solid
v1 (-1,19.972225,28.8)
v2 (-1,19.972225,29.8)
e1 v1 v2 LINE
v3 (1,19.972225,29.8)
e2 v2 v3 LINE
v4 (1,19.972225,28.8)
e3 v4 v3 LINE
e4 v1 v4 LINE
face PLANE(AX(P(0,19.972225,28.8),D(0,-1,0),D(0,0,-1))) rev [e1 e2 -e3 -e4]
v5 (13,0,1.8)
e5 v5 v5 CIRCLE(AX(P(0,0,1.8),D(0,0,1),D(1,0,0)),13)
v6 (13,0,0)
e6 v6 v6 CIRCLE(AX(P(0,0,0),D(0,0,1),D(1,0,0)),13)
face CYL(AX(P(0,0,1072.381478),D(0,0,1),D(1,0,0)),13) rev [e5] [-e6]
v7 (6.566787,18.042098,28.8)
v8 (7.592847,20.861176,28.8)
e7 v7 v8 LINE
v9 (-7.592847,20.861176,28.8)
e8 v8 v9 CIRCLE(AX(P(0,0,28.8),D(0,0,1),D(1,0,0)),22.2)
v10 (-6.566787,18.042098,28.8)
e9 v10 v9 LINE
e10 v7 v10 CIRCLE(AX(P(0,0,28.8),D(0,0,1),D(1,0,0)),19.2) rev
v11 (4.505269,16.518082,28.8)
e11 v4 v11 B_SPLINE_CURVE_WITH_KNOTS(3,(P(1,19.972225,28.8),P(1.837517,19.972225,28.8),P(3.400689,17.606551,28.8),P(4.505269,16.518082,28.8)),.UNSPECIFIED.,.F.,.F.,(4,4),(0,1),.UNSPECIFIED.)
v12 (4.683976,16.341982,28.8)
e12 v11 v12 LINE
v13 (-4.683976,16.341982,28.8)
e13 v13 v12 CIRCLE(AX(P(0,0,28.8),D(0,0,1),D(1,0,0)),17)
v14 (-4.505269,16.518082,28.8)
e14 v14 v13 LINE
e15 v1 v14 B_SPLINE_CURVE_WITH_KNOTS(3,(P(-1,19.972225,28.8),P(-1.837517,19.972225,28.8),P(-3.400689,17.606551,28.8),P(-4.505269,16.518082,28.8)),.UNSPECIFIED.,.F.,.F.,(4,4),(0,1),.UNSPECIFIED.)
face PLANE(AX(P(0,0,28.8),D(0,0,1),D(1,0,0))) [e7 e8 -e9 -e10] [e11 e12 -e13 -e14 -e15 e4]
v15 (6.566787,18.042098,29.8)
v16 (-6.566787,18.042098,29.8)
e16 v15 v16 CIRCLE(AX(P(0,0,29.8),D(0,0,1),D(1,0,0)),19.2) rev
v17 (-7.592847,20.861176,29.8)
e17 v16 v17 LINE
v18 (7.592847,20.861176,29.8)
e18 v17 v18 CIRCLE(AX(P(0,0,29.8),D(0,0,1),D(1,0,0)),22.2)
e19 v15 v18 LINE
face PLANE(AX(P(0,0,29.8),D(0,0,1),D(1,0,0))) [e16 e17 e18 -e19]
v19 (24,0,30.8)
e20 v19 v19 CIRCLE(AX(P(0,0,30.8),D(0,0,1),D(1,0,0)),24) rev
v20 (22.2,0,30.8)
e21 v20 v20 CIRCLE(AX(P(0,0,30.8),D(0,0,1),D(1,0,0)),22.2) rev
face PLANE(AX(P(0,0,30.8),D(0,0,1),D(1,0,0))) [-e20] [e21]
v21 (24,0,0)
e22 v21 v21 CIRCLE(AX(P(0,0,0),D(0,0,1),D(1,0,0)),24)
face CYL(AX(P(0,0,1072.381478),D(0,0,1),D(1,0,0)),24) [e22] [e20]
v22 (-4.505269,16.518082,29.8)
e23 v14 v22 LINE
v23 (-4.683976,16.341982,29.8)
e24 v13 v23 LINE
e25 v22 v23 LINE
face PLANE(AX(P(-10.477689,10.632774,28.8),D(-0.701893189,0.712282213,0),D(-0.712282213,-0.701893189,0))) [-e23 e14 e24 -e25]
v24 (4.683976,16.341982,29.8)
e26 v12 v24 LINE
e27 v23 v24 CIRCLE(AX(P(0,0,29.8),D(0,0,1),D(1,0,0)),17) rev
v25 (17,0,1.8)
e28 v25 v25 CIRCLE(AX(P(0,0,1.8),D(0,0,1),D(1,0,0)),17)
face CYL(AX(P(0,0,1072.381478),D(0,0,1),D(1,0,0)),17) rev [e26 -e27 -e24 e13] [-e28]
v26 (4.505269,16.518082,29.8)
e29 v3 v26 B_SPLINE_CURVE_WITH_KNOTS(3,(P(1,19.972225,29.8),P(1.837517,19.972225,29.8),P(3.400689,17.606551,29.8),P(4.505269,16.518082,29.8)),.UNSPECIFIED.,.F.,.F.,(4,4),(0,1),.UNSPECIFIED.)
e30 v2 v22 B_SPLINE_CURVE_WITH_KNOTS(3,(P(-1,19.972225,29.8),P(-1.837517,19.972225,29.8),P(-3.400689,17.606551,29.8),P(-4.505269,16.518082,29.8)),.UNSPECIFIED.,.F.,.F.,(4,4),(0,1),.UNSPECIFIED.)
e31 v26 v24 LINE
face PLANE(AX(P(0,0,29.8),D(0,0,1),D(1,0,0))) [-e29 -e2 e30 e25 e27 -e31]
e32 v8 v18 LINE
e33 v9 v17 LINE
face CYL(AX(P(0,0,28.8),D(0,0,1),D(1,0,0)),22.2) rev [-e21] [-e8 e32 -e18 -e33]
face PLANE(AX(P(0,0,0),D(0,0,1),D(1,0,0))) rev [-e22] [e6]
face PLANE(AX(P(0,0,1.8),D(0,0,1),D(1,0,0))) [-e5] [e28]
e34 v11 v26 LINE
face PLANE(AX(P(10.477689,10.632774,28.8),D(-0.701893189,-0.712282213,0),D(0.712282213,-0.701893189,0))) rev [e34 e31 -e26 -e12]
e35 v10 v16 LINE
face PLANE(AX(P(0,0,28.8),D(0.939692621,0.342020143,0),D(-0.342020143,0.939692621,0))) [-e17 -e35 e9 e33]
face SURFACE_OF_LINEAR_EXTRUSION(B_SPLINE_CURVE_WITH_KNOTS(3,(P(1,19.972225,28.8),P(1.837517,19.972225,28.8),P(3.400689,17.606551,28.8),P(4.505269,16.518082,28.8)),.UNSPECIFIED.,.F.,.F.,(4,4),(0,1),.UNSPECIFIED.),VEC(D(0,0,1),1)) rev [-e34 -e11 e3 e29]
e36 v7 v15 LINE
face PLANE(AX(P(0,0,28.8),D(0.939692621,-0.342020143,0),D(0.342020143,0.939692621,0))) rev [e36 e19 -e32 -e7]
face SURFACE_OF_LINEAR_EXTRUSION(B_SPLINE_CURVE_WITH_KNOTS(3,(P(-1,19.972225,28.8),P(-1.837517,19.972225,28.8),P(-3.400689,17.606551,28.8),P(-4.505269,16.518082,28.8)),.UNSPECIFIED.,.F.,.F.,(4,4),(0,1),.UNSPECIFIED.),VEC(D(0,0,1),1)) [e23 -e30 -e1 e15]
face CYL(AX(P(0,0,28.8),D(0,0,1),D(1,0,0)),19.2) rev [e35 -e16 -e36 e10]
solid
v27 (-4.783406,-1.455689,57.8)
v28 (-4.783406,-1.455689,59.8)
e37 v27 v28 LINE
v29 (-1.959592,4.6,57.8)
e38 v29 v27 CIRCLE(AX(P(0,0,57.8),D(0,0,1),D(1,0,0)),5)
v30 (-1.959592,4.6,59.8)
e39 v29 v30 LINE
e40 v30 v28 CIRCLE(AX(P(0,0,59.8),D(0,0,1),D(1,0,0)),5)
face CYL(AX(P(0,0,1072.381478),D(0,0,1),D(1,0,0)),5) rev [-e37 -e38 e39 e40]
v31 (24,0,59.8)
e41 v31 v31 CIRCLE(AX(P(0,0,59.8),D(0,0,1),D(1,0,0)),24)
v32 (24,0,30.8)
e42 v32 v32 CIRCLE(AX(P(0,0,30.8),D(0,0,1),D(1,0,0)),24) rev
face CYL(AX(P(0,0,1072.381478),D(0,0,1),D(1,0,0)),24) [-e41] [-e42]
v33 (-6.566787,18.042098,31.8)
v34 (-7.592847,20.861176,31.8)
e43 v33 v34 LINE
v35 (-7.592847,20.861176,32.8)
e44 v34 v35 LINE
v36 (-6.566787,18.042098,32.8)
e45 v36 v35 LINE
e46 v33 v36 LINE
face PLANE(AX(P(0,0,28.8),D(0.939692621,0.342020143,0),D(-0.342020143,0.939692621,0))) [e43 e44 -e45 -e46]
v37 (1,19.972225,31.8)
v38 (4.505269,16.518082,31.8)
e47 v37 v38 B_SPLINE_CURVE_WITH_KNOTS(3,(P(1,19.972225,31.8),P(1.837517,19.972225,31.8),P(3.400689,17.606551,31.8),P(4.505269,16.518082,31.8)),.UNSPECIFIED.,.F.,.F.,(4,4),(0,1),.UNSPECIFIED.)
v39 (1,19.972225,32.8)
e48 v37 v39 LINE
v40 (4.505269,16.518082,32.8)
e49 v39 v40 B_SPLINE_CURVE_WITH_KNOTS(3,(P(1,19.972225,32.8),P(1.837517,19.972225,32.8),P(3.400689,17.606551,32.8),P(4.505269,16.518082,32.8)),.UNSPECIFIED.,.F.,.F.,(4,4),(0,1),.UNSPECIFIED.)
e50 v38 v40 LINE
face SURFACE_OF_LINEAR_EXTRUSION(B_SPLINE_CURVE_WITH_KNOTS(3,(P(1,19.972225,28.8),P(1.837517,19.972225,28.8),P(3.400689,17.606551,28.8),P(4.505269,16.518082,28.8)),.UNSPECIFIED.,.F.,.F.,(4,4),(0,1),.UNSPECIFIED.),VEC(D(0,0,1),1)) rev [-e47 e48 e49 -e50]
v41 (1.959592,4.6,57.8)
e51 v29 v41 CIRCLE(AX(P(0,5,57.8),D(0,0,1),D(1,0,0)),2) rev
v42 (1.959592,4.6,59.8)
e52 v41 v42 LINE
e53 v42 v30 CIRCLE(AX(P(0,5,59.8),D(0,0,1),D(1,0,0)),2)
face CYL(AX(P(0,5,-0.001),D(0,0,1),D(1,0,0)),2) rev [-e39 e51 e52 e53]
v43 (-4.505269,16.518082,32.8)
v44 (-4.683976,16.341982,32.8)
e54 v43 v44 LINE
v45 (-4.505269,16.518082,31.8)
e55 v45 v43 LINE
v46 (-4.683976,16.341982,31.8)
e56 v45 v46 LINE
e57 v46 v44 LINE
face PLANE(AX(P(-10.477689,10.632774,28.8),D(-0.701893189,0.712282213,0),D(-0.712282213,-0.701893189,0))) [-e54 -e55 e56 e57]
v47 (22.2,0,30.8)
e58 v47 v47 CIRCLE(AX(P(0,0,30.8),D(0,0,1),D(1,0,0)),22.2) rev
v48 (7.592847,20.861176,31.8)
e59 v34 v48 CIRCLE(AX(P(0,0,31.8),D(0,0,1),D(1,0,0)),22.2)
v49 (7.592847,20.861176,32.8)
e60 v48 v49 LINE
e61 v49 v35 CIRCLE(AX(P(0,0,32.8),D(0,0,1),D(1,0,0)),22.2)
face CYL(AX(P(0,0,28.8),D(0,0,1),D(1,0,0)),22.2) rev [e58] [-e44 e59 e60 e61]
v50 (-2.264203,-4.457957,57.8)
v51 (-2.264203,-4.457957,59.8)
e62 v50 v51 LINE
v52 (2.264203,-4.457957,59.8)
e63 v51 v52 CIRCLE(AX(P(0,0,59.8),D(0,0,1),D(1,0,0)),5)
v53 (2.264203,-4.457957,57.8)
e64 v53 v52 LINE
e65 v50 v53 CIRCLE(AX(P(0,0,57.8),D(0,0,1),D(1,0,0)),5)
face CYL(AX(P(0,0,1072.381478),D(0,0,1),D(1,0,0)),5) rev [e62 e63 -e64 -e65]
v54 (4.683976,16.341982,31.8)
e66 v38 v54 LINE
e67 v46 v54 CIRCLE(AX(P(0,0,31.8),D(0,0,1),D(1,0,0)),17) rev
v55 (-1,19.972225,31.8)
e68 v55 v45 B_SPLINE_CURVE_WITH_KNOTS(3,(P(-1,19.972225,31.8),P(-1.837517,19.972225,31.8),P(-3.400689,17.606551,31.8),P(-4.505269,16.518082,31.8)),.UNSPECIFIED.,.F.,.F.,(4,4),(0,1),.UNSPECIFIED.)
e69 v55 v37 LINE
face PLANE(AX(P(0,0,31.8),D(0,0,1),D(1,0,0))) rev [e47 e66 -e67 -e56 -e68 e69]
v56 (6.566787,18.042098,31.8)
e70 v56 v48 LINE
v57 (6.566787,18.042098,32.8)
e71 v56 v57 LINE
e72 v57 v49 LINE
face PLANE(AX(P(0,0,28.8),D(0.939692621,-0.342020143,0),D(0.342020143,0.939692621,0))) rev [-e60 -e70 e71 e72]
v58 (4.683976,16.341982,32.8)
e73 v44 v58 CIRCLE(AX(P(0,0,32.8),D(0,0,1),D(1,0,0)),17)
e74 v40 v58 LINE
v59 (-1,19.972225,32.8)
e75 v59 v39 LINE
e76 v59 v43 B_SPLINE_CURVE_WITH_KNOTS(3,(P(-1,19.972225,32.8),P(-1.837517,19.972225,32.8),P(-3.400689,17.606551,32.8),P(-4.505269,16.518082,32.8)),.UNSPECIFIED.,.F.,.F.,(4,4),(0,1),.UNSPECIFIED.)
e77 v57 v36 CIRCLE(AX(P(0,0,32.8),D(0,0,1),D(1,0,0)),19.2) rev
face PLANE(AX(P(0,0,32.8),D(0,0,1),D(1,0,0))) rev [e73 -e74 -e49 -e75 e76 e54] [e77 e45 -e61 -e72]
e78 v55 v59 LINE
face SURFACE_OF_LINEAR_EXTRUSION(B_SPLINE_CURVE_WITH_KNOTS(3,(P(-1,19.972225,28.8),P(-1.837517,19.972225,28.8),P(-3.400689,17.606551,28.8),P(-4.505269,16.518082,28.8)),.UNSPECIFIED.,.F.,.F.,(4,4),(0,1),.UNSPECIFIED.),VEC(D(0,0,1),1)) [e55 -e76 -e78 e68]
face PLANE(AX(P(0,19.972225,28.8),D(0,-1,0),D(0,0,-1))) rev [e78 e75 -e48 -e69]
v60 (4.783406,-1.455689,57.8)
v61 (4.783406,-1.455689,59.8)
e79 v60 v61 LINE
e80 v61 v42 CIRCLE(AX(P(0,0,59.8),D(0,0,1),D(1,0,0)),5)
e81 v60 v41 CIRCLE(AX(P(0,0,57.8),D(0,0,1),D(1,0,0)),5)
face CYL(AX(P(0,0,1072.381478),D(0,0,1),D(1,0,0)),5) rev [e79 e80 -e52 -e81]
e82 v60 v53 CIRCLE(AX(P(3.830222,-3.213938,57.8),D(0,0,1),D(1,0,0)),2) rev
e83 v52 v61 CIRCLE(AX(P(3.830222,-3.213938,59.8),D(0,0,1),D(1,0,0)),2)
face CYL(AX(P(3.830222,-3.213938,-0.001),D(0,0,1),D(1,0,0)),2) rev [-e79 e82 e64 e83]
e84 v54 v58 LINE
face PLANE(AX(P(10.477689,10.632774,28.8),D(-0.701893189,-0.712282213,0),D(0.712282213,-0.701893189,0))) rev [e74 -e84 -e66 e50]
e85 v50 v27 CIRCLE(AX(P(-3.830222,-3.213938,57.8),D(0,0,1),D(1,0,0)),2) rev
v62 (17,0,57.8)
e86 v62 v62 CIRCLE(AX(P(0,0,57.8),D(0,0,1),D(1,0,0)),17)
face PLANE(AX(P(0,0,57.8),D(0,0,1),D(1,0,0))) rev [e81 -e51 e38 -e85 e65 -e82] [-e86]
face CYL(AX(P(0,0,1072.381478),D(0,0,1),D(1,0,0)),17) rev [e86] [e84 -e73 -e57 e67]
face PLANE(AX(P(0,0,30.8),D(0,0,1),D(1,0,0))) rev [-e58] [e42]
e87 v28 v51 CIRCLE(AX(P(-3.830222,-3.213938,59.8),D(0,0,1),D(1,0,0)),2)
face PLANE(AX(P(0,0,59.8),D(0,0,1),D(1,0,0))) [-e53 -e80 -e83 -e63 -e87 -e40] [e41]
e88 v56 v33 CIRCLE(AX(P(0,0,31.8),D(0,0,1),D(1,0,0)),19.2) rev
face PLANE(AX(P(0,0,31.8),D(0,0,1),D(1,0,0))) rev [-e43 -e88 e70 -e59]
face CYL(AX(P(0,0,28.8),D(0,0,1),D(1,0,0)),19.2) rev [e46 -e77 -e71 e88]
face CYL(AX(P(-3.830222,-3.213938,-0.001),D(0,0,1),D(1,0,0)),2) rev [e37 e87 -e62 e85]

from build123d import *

# Parameters (mm, degrees)
CUT_EXTRUDE1_DEPTH = 2
CUT_EXTRUDE2_DEPTH = 1
CUT_EXTRUDE3_REACH = 70.761


with BuildPart() as part:
    # Sketch1 → Revolve1 (revolve)
    with BuildSketch(Plane(origin=(0, 0, 0), x_dir=(0, 0, -1), z_dir=(1, 0, 0))):
        Polygon((-59.8, 5), (-57.8, 5), (-57.8, 17), (-1.8, 17), (-1.8, 13), (0, 13), (0, 24), (-59.8, 24), align=None)
    revolve(axis=Axis((0, 0, 1072.381477522), (0, 0, -1)))

    # Sketch3 → Cut-Extrude1 (cut, symmetric)
    with BuildSketch(Plane.XY.offset(30.8)):
        with BuildLine():
            ThreePointArc((-6.566786752, 18.042098319), (0, -19.2), (6.566786752, 18.042098319))
            Line((6.566786752, 18.042098319), (7.592847182, 20.861176181))
            ThreePointArc((7.592847182, 20.861176181), (0, 22.2), (-7.592847182, 20.861176181))
            Line((-7.592847182, 20.861176181), (-6.566786752, 18.042098319))
        make_face()
        with BuildLine():
            add(Edge.make_bspline(
                [(-1, 19.972224976), (-1.837517439, 19.972224976), (-3.400688885, 17.606551444), (-4.505268868, 16.51808236)],
                knots=[0, 0, 0, 0, 1, 1, 1, 1], degree=3))
            Line((-1, 19.972224976), (1, 19.972224976))
            add(Edge.make_bspline(
                [(1, 19.972224976), (1.837517439, 19.972224976), (3.400688885, 17.606551444), (4.505268868, 16.51808236)],
                knots=[0, 0, 0, 0, 1, 1, 1, 1], degree=3))
            Line((4.505268868, 16.51808236), (4.683975969, 16.341981799))
            ThreePointArc((4.683975969, 16.341981799), (13.576221703, 10.231627645), (17, 0))
            ThreePointArc((17, 0), (-10.231627645, -13.576221703), (-4.683975969, 16.341981799))
            Line((-4.683975969, 16.341981799), (-4.505268868, 16.51808236))
        make_face(mode=Mode.SUBTRACT)
    extrude(amount=CUT_EXTRUDE1_DEPTH, both=True, mode=Mode.SUBTRACT)

    # Sketch3<5> → Cut-Extrude2 (cut, symmetric)
    with BuildSketch(Plane.XY.offset(30.8)):
        with BuildLine():
            Line((1, 19.972224976), (-1, 19.972224976))
            add(Edge.make_bspline(
                [(-1, 19.972224976), (-1.837517439, 19.972224976), (-3.400688885, 17.606551444), (-4.505268868, 16.51808236)],
                knots=[0, 0, 0, 0, 1, 1, 1, 1], degree=3))
            Line((-4.505268868, 16.51808236), (-4.683975969, 16.341981799))
            ThreePointArc((-4.683975969, 16.341981799), (0, -17), (4.683975969, 16.341981799))
            Line((4.683975969, 16.341981799), (4.505268868, 16.51808236))
            add(Edge.make_bspline(
                [(1, 19.972224976), (1.837517439, 19.972224976), (3.400688885, 17.606551444), (4.505268868, 16.51808236)],
                knots=[0, 0, 0, 0, 1, 1, 1, 1], degree=3))
        make_face()
        with BuildLine():
            Line((7.592847182, 20.861176181), (6.566786752, 18.042098319))
            ThreePointArc((6.566786752, 18.042098319), (0, -19.2), (-6.566786752, 18.042098319))
            Line((-6.566786752, 18.042098319), (-7.592847182, 20.861176181))
            ThreePointArc((-7.592847182, 20.861176181), (0, -22.2), (7.592847182, 20.861176181))
        make_face()
    extrude(amount=CUT_EXTRUDE2_DEPTH, both=True, mode=Mode.SUBTRACT)

    # Sketch5 → Cut-Extrude3 (cut, up to next)
    with BuildSketch(Plane.XY.offset(59.8), mode=Mode.PRIVATE) as cut_extrude3_sk1:
        with BuildLine():
            ThreePointArc((1.959591794, 4.6), (0, 7), (-1.959591794, 4.6))
            ThreePointArc((-1.959591794, 4.6), (0, 5), (1.959591794, 4.6))
        make_face()
    cut_extrude3_tool1 = extrude(cut_extrude3_sk1.sketch, amount=-CUT_EXTRUDE3_REACH, mode=Mode.PRIVATE) & part.part
    # Sketch5 → Cut-Extrude3 (cut, up to next)
    with BuildSketch(Plane.XY.offset(59.8), mode=Mode.PRIVATE) as cut_extrude3_sk2:
        with BuildLine():
            ThreePointArc((-2.264203113, -4.457957409), (-3.830222216, -3.213938048), (-4.783405764, -1.4556886))
            ThreePointArc((-4.783405764, -1.4556886), (-5.362311102, -4.499513268), (-2.264203113, -4.457957409))
        make_face()
    cut_extrude3_tool2 = extrude(cut_extrude3_sk2.sketch, amount=-CUT_EXTRUDE3_REACH, mode=Mode.PRIVATE) & part.part
    # Sketch5 → Cut-Extrude3 (cut, up to next)
    with BuildSketch(Plane.XY.offset(59.8), mode=Mode.PRIVATE) as cut_extrude3_sk3:
        with BuildLine():
            ThreePointArc((2.264203113, -4.457957409), (5.362311102, -4.499513268), (4.783405764, -1.4556886))
            ThreePointArc((4.783405764, -1.4556886), (3.830222216, -3.213938048), (2.264203113, -4.457957409))
        make_face()
    cut_extrude3_tool3 = extrude(cut_extrude3_sk3.sketch, amount=-CUT_EXTRUDE3_REACH, mode=Mode.PRIVATE) & part.part
    add(cut_extrude3_tool1.solids().sort_by_distance((0, 5.772711, 59.8))[0], mode=Mode.SUBTRACT)
    add(cut_extrude3_tool2.solids().sort_by_distance((-4.422153, -3.710627, 59.8))[0], mode=Mode.SUBTRACT)
    add(cut_extrude3_tool3.solids().sort_by_distance((4.422153, -3.710627, 59.8))[0], mode=Mode.SUBTRACT)


with BuildPart() as body_2:
    # Split4: the piece on the far side of the plane
    add(part.part)
    split(bisect_by=Plane.XY.offset(30.8), keep=Keep.BOTTOM)


with BuildPart() as part_1:
    add(part.part)

    # Split4
    split(bisect_by=Plane.XY.offset(30.8), keep=Keep.TOP)


solid = Compound([body_2.part, part_1.part])
